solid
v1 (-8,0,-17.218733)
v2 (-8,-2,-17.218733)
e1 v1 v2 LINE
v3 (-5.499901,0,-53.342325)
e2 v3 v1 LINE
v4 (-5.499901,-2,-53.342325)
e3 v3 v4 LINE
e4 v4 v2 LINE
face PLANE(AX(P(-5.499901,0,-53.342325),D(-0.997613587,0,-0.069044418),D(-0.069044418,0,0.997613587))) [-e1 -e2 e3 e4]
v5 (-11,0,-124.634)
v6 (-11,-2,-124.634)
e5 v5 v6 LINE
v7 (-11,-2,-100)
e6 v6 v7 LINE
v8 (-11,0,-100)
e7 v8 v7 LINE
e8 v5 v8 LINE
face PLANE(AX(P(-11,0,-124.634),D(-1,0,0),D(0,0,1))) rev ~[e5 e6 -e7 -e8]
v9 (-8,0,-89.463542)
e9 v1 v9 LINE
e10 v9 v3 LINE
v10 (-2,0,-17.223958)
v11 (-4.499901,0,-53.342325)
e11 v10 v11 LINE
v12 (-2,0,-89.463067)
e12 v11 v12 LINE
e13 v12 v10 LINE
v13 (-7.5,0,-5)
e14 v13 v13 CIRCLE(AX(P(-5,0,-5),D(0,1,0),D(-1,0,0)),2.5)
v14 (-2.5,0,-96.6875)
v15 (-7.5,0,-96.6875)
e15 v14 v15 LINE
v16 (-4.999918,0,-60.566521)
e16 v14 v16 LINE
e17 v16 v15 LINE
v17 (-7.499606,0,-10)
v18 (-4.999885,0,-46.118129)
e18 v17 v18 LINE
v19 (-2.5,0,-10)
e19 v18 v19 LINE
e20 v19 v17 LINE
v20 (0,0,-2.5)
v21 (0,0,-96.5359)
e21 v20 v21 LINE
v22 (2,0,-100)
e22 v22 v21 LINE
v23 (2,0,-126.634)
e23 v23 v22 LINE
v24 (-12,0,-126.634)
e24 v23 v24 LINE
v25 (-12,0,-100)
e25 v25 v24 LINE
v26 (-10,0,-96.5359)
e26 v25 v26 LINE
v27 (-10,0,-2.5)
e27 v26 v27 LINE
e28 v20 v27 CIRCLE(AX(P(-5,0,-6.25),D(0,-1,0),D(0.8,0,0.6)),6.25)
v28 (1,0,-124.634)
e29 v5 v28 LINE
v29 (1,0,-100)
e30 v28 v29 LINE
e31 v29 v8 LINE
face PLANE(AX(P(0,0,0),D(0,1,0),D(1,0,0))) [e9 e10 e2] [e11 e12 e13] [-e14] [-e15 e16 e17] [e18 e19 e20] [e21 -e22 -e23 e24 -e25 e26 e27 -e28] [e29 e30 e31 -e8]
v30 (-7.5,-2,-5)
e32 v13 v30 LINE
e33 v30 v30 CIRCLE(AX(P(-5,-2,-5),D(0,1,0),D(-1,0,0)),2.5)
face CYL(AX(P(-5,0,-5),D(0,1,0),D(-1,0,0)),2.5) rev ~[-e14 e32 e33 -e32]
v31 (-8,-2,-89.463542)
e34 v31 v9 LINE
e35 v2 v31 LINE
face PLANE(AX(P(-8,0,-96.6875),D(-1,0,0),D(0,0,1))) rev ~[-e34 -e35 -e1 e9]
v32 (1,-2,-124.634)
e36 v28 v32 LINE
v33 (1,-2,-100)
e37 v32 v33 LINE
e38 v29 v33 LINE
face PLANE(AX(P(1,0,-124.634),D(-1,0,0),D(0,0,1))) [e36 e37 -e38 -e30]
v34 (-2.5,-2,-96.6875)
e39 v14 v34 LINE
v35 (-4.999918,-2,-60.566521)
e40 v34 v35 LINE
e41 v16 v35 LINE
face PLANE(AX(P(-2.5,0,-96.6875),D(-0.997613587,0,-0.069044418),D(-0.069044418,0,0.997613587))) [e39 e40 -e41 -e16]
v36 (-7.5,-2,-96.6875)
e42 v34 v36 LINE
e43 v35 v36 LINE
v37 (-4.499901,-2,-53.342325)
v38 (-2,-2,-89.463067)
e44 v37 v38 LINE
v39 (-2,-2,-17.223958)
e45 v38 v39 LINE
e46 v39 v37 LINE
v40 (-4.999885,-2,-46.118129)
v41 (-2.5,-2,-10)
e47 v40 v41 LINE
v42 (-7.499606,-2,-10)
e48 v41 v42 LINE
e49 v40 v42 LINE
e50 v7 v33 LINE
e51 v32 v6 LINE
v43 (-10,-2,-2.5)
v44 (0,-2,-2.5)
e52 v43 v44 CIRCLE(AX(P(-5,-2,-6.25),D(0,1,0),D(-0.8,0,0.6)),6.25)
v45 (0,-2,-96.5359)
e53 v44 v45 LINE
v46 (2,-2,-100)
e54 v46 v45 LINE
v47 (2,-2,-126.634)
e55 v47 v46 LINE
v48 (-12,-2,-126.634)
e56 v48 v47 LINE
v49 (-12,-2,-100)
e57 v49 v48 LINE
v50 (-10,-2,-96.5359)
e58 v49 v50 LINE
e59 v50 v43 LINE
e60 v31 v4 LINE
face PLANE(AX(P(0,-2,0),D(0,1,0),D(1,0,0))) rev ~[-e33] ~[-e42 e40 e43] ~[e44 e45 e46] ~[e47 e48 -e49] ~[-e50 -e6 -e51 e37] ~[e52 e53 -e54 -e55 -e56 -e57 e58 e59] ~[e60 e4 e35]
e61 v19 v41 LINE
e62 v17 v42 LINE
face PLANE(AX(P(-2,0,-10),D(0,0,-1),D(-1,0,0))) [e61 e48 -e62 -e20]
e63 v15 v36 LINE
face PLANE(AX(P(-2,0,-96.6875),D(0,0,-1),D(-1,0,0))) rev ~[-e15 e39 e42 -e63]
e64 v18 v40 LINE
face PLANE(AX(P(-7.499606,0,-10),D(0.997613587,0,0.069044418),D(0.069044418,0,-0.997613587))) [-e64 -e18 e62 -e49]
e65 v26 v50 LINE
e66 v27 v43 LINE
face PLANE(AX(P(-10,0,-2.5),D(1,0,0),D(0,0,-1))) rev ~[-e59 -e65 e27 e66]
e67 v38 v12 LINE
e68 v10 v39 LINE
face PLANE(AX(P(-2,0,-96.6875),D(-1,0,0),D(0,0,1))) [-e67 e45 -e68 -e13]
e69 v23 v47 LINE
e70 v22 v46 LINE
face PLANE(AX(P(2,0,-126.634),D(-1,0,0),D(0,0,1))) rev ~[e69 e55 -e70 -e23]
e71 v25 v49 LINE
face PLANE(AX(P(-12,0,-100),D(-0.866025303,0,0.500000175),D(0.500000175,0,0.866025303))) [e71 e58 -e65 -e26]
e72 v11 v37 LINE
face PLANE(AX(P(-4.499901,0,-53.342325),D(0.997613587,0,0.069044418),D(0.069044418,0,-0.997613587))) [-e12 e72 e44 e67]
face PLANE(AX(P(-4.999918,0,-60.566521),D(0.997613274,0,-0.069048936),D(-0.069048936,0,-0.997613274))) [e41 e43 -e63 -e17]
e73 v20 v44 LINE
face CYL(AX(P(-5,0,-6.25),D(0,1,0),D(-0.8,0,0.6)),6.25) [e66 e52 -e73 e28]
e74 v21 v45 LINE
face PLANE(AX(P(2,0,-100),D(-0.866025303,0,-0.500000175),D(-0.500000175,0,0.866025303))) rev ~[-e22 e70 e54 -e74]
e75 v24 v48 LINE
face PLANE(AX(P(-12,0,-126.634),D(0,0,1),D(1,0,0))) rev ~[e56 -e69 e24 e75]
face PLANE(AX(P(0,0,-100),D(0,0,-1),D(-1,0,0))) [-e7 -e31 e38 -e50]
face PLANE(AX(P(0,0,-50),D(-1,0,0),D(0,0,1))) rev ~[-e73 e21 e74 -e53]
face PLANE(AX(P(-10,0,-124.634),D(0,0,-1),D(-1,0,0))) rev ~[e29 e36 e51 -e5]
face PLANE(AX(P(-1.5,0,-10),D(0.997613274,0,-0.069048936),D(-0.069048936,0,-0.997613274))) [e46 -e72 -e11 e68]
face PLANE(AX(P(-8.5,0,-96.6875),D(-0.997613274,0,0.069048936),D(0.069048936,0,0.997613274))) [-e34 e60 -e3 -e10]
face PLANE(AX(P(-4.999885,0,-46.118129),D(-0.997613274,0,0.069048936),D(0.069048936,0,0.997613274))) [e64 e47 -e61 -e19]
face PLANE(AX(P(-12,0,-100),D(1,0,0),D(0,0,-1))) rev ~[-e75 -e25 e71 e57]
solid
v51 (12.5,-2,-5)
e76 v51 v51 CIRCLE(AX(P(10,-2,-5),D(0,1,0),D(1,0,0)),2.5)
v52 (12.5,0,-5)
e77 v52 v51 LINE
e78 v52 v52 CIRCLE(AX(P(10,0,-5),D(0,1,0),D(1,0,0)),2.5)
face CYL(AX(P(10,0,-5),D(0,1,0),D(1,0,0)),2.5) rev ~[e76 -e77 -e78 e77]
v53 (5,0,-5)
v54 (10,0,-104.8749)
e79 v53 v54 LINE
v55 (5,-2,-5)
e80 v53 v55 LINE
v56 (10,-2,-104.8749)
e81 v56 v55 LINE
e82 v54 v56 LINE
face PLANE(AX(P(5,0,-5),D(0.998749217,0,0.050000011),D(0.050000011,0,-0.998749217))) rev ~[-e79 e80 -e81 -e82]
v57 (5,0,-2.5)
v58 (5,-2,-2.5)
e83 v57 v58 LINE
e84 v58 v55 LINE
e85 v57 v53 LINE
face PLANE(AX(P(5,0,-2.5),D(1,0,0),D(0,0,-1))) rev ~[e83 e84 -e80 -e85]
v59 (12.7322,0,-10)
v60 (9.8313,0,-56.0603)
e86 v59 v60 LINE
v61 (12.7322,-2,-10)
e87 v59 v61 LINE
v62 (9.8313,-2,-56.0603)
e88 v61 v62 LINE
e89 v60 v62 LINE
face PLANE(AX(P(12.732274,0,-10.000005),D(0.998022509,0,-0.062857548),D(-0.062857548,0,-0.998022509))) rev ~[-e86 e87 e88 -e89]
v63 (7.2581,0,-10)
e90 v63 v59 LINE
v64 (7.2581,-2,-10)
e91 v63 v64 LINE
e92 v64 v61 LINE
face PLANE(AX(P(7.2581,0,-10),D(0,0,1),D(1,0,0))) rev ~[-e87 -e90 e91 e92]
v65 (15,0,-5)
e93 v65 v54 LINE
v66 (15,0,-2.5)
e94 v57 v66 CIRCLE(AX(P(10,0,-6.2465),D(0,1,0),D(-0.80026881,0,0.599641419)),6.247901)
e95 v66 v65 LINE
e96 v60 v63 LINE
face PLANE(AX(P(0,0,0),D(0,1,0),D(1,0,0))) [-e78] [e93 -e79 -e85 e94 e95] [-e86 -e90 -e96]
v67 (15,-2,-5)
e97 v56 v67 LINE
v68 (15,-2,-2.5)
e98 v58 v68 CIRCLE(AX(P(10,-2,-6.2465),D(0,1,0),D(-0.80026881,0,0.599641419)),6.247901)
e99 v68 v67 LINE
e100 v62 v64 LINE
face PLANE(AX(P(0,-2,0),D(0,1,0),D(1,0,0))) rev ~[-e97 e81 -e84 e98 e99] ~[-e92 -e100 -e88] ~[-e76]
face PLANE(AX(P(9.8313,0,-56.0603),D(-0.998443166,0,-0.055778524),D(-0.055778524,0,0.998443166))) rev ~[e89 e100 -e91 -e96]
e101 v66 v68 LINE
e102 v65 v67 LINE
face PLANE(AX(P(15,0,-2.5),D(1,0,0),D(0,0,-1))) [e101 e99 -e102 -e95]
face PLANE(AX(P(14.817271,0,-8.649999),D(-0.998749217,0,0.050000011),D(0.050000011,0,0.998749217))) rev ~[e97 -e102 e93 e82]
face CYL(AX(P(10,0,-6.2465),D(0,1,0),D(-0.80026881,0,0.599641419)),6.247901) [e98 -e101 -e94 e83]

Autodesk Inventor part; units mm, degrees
ref_plane "YZ Plane" through (0, 0, 0) normal (1, 0, 0) x (0, 1, 0)
ref_plane "XZ Plane" through (0, 0, 0) normal (0, 1, 0) x (-1, 0, 0)
ref_plane "XY Plane" through (0, 0, 0) normal (0, 0, 1) x (1, 0, 0)
sketch "Szkic3" plane through (0, 0, 0) normal (0, 1, 0) x (-1, 0, 0)
  line L0 (0, 0) -> (10, 0)
  line L1 (10, 0) -> (10, -50)
  line L2 (10, -50) -> (0, -50)
  line L3 (0, -50) -> (0, 0)
  circle A0 centre (5, -5) radius 2.5
  arc A1 (10, -2.5) -> (0, -2.5) centre (5, -6.25) ccw
  line L4 (8, -50) -> (2, -50)
  line L5 (2, -50) -> (2, -10)
  line L6 (2, -10) -> (8, -10)
  line L7 (8, -10) -> (8, -50)
  line L8 (2, -10) -> (8, -16)
  line L9 (2, -10) -> (10.4853, -10) construction
  line L10 (8, -16) -> (8, -18)
  line L11 (8, -18) -> (2, -12)
  line L12 (2, -10) -> (2, -12)
  line L13 (8, -18) -> (8, -22)
  line L14 (2, -16) -> (8, -22)
  line L15 (8, -24) -> (2, -18)
  line L16 (8, -16) -> (8, -14)
  line L17 (8, -24) -> (8, -26)
  line L18 (2, -20) -> (8, -26)
  line L19 (8, -28) -> (2, -22)
  line L20 (8, -28) -> (8, -32)
  line L21 (2, -26) -> (8, -32)
  line L22 (8, -34) -> (2, -28)
  line L23 (8, -34) -> (8, -36)
  line L24 (2, -26) -> (8, -32)
  line L25 (8, -34) -> (2, -28)
  line L26 (8, -34) -> (8, -38)
  line L27 (2, -32) -> (8, -38)
  line L28 (8, -40) -> (2, -34)
  line L29 (8, -40) -> (8, -42)
  line L30 (2, -32) -> (8, -38)
  line L31 (8, -40) -> (2, -34)
  line L32 (8, -40) -> (8, -44)
  line L33 (2, -38) -> (8, -44)
  line L34 (8, -46) -> (2, -40)
  line L35 (8, -46) -> (8, -48)
  line L36 (2, -38) -> (8, -44)
  line L37 (8, -46) -> (2, -40)
  line L38 (8, -46) -> (8, -50)
  line L39 (8, -46) -> (8, -48)
  line L40 (8, -48) -> (2, -42)
  line L41 (2, -42) -> (2, -44)
  line L42 (2, -44) -> (8, -50)
  line L43 (7, -49) -> (2, -49)
  circle A2 centre (5, -5) radius 3.25
  dimension "d9" = 10
  dimension "d10" = 50
  dimension "d11" = 5
  dimension "d12" = 6
  dimension "d13" = 40
  dimension "d14" = 45
  dimension "d15" = 2
  dimension "d16" = 4
  dimension "d17" = 2
  dimension "d18" = 2
  dimension "d19" = 2
  dimension "d20" = 2
  dimension "d21" = 4
  dimension "d22" = 2
  dimension "d23" = 2
  dimension "d24" = 2
  dimension "d25" = 4
  dimension "d26" = 2
  dimension "d27" = 2
  dimension "d28" = 2
  dimension "d29" = 4
  dimension "d30" = 2
  dimension "d32" = 2
  dimension "d36" = 2
  dimension "d37" = 2
  dimension "d42" = 6.5
extrude "Wyciągnięcie proste2" add sketch "Szkic3" against normal blind 2 contours A1 L1 L2 L7 L6 L5 L3 | L5 L43 L42 L2 | L42 L5 L40 L7 | L34 L5 L33 L7 | L28 L5 L27 L7 | L5 L21 L7 L22 | L5 L18 L7 L19 | L5 L14 L7 L15 | L5 L8 L7 L11 | A2
ref_plane "Płaszczyzna konstrukcyjna1" through (0, 0, -50) normal (0, 0, -1) x (-1, 0, 0)
mirror "Odbij1" about plane through (0, 0, -50) normal (0, 0, -1) of "Wyciągnięcie proste2"
sketch "Szkic4" plane through (0, 0, 0) normal (0, 1, 0) x (1, 0, 0)
  line L0 (-7.5, 91.0504) -> (-2.5, 91.0504)
  line L1 (-2.5, 91.0504) -> (-2.5, 98.6571)
  line L2 (-2.5, 98.6571) -> (-7.5, 98.6571)
  line L3 (-7.5, 98.6571) -> (-7.5, 91.0504)
  point P0 (0, 0)
extrude "Wyciągnięcie proste3" cut sketch "Szkic4" against normal blind 2
sketch "Szkic5" plane through (0, 0, 0) normal (0, 1, 0) x (1, 0, 0)
  line L0 (-10, 2.5) -> (-10, 97.5) projected
  line L1 (-10, 97.5) -> (-10, 67.5)
  line L2 (-10, 67.5) -> (-13, 67.5)
  line L3 (-13, 67.5) -> (-13, 97.5)
  line L4 (-13, 97.5) -> (-10, 97.5)
  arc A0 (0, 97.5) -> (-10, 97.5) centre (-5, 93.75) ccw projected
  line L5 (-5, 100) -> (-5, 49.8742)
  line L6 (-5, 100) -> (45.1258, 100) construction
  line L7 (-13, 67.5) -> (-10, 62.3038)
  line L8 (-13, 67.5) -> (-7, 67.5) construction
  line L9 (-10, 62.3038) -> (-10, 67.5)
  line L10 (0, 2.5) -> (0, 97.5)
  line L11 (0, 67.5) -> (3, 67.5)
  line L12 (3, 67.5) -> (3, 97.5)
  line L13 (3, 97.5) -> (0, 97.5)
  line L14 (3, 67.5) -> (0, 62.3038)
  arc A1 (3, 97.5) -> (-13, 97.5) centre (-5, 94.4495) ccw
  point P0 (0, 0)
  dimension "d43" = 30
  dimension "d44" = 3
  dimension "d45" = 90
  dimension "d46" = 60
extrude "Wyciągnięcie proste4" add sketch "Szkic5" against normal blind 2
sketch "Szkic6" plane through (0, 0, 0) normal (0, 1, 0) x (1, 0, 0)
  line L0 (-10, 62.3038) -> (-10, 2.5) projected
  line L1 (-10, 62.3038) -> (-10, 97.356)
  line L2 (-10, 97.356) -> (0, 97.356)
  line L3 (0, 97.356) -> (0, 62.3038)
  line L4 (0, 62.3038) -> (-10, 62.3038)
  point P0 (0, 0)
extrude "Wyciągnięcie proste5" cut sketch "Szkic6" against normal blind 2
sketch "Szkic7" plane through (0, 0, 0) normal (0, 1, 0) x (1, 0, 0)
  line L0 (-10, 62.3038) -> (-8, 62.3038) projected
  line L1 (-10, 62.3038) -> (-10, 67.4287)
  line L2 (-10, 62.3038) -> (-10, 97.356) projected
  line L3 (-10, 67.4287) -> (0, 67.4287)
  line L4 (0, 62.3038) -> (0, 97.356) projected
  line L5 (0, 62.3038) -> (0, 67.4287)
  line L6 (0, 62.3038) -> (-2, 62.3038) projected
  line L7 (-10, 2.5) -> (-10, 62.3038) projected
  line L8 (0, 62.3038) -> (-10, 62.3038)
  line L9 (-10, 62.3038) -> (-10, 61.2351)
  line L10 (-10, 61.2351) -> (0, 61.2351)
  line L11 (0, 61.2351) -> (0, 62.3038)
  line L12 (-10, 61.2351) -> (0, 61.2351)
  line L13 (0, 2.5) -> (0, 62.3038) projected
  line L14 (0, 61.2351) -> (0, 67.4287)
  line L15 (0, 67.4287) -> (-10, 67.4287)
  line L16 (-10, 61.2351) -> (-10, 67.4287)
  point P0 (0, 0)
extrude "Wyciągnięcie proste6" add sketch "Szkic7" against normal blind 2
sketch "Szkic8" plane through (0, 0, 0) normal (0, 1, 0) x (1, 0, 0)
  line L0 (-7.5, 97.356) -> (-10, 97.356) projected
  line L1 (-10, 97.356) -> (-11, 97.356)
  line L2 (-11, 97.356) -> (-11, 67.4287)
  line L3 (-11, 67.4287) -> (-10, 67.4287)
  line L4 (-10, 67.4287) -> (-10, 97.356)
  line L5 (0, 97.356) -> (1, 97.356)
  line L6 (1, 97.356) -> (1, 67.4287)
  line L7 (1, 67.4287) -> (0, 67.4287)
  line L8 (0, 67.4287) -> (0, 97.356)
  line L9 (-11, 67.4287) -> (1, 67.4287)
  line L10 (1, 67.4287) -> (1, 72.7222)
  line L11 (1, 72.7222) -> (-11, 72.7222)
  line L12 (-11, 72.7222) -> (-11, 67.4287)
  point P0 (0, 0)
  point P1 (0, 72.7222)
  point P2 (-10, 72.7222)
  dimension "d53" = 1
  dimension "d54" = 1
extrude "Wyciągnięcie proste7" cut sketch "Szkic8" against normal blind 2 contours L4 L11 L2 L1 | L8 L5 L6 L11
sketch "Szkic9" plane through (0, 0, 0) normal (0, 1, 0) x (1, 0, 0)
  line L0 (-10, 72.7222) -> (0, 72.7222)
  line L1 (0, 72.7222) -> (0, 67.3617)
  line L2 (0, 67.3617) -> (-10, 67.3617)
  line L3 (-10, 67.3617) -> (-10, 72.7222)
  point P0 (0, 0)
extrude "Wyciągnięcie proste8" add sketch "Szkic9" against normal blind 2
sketch "Szkic10" plane through (0, 0, 0) normal (0, 1, 0) x (1, 0, 0)
  point P0 (0, 0)
split "Podział1" plane through (0, 0, -50) removes the side toward (0, 0, -1)
sketch "Szkic11" plane through (0, 0, 0) normal (0, 1, 0) x (1, 0, 0)
  line L0 (-10, 2.5) -> (-10, 50) projected
  line L1 (-10, 50) -> (0, 50)
  line L2 (0, 50) -> (0, 100)
  line L3 (0, 100) -> (-10, 100)
  line L4 (-10, 100) -> (-10, 50)
  line L5 (-10, 100) -> (0, 100)
  line L6 (0, 100) -> (0, 124.634)
  line L7 (0, 124.634) -> (-10, 124.634)
  line L8 (-10, 124.634) -> (-10, 100)
  line L9 (-10, 124.634) -> (-11, 124.634)
  line L10 (-11, 124.634) -> (-11, 100)
  line L11 (-11, 100) -> (-10, 100)
  line L12 (-10, 100) -> (-10, 124.634)
  line L13 (0, 124.634) -> (1, 124.634)
  line L14 (1, 124.634) -> (1, 100)
  line L15 (1, 100) -> (0, 100)
  line L16 (0, 100) -> (0, 124.634)
  line L17 (-11, 100) -> (-9, 100) construction
  line L18 (1, 100) -> (3, 100) construction
  line L19 (-11, 124.634) -> (1, 124.634)
  line L20 (1, 124.634) -> (1, 126.634)
  line L21 (1, 126.634) -> (-11, 126.634)
  line L22 (-11, 126.634) -> (-11, 124.634)
  line L23 (-11, 100) -> (-12, 100)
  line L24 (-12, 100) -> (-12, 126.634)
  line L25 (-12, 126.634) -> (-11, 126.634)
  line L26 (-11, 126.634) -> (-11, 100)
  line L27 (1, 126.634) -> (2, 126.634)
  line L28 (2, 126.634) -> (2, 100)
  line L29 (2, 100) -> (1, 100)
  line L30 (1, 100) -> (1, 126.634)
  line L31 (-12, 100) -> (-10, 96.5359)
  line L32 (-12, 100) -> (-8, 100) construction
  line L33 (2, 100) -> (0, 96.5359)
  line L34 (2, 100) -> (6, 100) construction
  line L35 (-10, 124.634) -> (-10.5, 124.634)
  line L36 (-10.5, 124.634) -> (-10.5, 100)
  line L37 (0.5, 100) -> (0.5, 124.634)
  line L38 (0.75, 100) -> (0.75, 124.634)
  line L39 (-11, 100) -> (-10.75, 100)
  line L40 (-10.75, 100) -> (-10.75, 124.634)
  point P0 (0, 0)
  dimension "d59" = 10
  dimension "d60" = 50
  dimension "d61" = 10
  dimension "d62" = 24.634
  dimension "d63" = 1
  dimension "d64" = 1
  dimension "d67" = 2
  dimension "d68" = 1
  dimension "d69" = 1
  dimension "d70" = 60
  dimension "d71" = 120
  dimension "d90" = 0.5
  dimension "d107" = 0.25
extrude "Wyciągnięcie proste9" add sketch "Szkic11" against normal blind 2 contours L4 L3 L2 L1 | L31 L23 L11 L4 | L2 L15 L29 L33 | L24 L25 L22 L10 L23 | L29 L14 L20 L27 L28 | L9 L22 L21 L20 L13 L7
sketch "Szkic12" plane through (0, 0, 0) normal (0, 1, 0) x (1, 0, 0)
  line L0 (-8, 51.0298) -> (-2, 51.0298)
  line L1 (-2, 51.0298) -> (-2, 96.6875)
  line L2 (-2, 96.6875) -> (-8, 96.6875)
  line L3 (-8, 96.6875) -> (-8, 51.0298)
  line L4 (-8, 51.0298) -> (-2, 54.4939)
  line L5 (-8, 51.0298) -> (-1.0718, 51.0298) construction
  line L6 (-2, 54.4939) -> (-2, 59.4939)
  line L7 (-2, 59.4939) -> (-8, 56.0298)
  line L8 (-8, 51.0298) -> (-8, 56.0298)
  line L9 (-8, 56.0298) -> (-8, 61.0298)
  line L10 (-8, 61.0298) -> (-2, 64.4939)
  line L11 (-2, 64.4939) -> (-2, 69.4939)
  line L12 (-2, 69.4939) -> (-8, 66.0298)
  line L13 (-8, 61.0298) -> (-8, 66.0298)
  line L14 (-8, 66.0298) -> (-2, 69.4939)
  line L15 (-2, 74.4939) -> (-8, 71.0298)
  line L16 (-8, 76.0298) -> (-2, 79.4939)
  line L17 (-2, 84.4939) -> (-8, 81.0298)
  line L18 (-8, 71.0298) -> (-2, 74.4939)
  line L19 (-2, 79.4939) -> (-8, 76.0298)
  line L20 (-8, 81.0298) -> (-2, 84.4939)
  line L21 (-2, 89.4939) -> (-8, 86.0298)
  line L22 (-8, 76.0298) -> (-2, 79.4939)
  line L23 (-2, 84.4939) -> (-8, 81.0298)
  line L24 (-8, 86.0298) -> (-2, 89.4939)
  line L25 (-2, 94.4939) -> (-8, 91.0298)
  point P0 (0, 0)
  dimension "d74" = 30
  dimension "d75" = 5
  dimension "d76" = 5
  dimension "d77" = 5
  dimension "d78" = 5
  dimension "d79" = 5
  dimension "d80" = 5
  dimension "d81" = 5
  dimension "d82" = 5
  dimension "d83" = 5
  dimension "d84" = 5
  dimension "d85" = 5
  dimension "d86" = 5
extrude "Wyciągnięcie proste10" cut sketch "Szkic12" against normal blind 2 contours L3 L7 L1 L4 | L3 L12 L1 L10 | L3 L16 L1 L15 | L3 L21 L1 L17 | L3 L2 L1 L25
sketch "Szkic14" plane through (0, 0, 0) normal (0, 1, 0) x (1, 0, 0)
  arc A0 (5, 2.5) -> (15, 2.5) centre (10, 6.2465) ccw
  circle A1 centre (10, 5) radius 2.5
  line L0 (5, 2.5) -> (5, 5)
  line L1 (15, 2.5) -> (15, 5)
  line L2 (5, 5) -> (10, 104.8749)
  line L3 (10, 104.8749) -> (15, 5)
  line L4 (5.1827, 8.65) -> (14.8173, 8.65)
  line L5 (6.9979, 8.65) -> (12.6647, 8.65) construction
  line L6 (5.1827, 8.65) -> (7.1827, 8.65)
  line L7 (14.8173, 8.65) -> (12.8173, 8.65)
  line L8 (12.8173, 8.65) -> (9.8313, 56.0603)
  line L9 (9.8313, 56.0603) -> (7.1827, 8.65)
  line L10 (7.2581, 10) -> (12.7322, 10)
  point P0 (0, 0)
  dimension "d91" = 10
  dimension "d92" = 5
  dimension "d93" = 100
  dimension "d103" = 2
  dimension "d104" = 2
extrude "Wyciągnięcie proste11" add sketch "Szkic14" against normal blind 2 contours L0 L2 L4 L3 L1 A0 | L2 L3 L4 L8 L9 | L9 L10 L8 L4
sketch "Szkic15" plane through (0, 0, 0) normal (0, 1, 0) x (1, 0, 0)
  line L0 (-8, 91.0298) -> (-8, 96.6875) projected
  line L1 (-2, 10) -> (-8, 10) projected
  line L2 (-8, 96.6875) -> (-2, 96.6875)
  line L3 (-2, 96.6875) -> (-2, 10)
  line L4 (-2, 10) -> (-8, 10)
  line L5 (-8, 10) -> (-8, 96.6875)
  point P0 (0, 0)
extrude "Wyciągnięcie proste12" cut sketch "Szkic15" against normal blind 2
sketch "Szkic17" plane through (0, 0, 0) normal (0, 1, 0) x (1, 0, 0)
  line L0 (-2, 96.6875) -> (-8, 96.6875) projected
  line L1 (-8, 96.6875) -> (-8.5, 96.6875)
  line L2 (-8.5, 96.6875) -> (-7.5, 96.6875)
  line L3 (-2, 96.6875) -> (-2.5, 96.6875)
  line L4 (-2.5, 96.6875) -> (-1.5, 96.6875)
  line L5 (-8, 9.9943) -> (-8.5, 9.9943)
  line L6 (-8.5, 9.9943) -> (-7.5, 9.9943)
  line L7 (-2, 10) -> (-8, 10) projected
  line L8 (-2, 10) -> (-1.5, 10)
  line L9 (-1.5, 10) -> (-2.5, 10)
  line L10 (-1.5, 10) -> (-7.5, 96.6875)
  line L11 (-8.5, 96.6875) -> (-2.5, 10)
  line L12 (-7.5, 9.9943) -> (-1.5, 96.6875)
  line L13 (-2.5, 96.6875) -> (-8.5, 9.9943)
  point P0 (0, 0)
  point P1 (-4.9999, 60.5665)
  point P2 (-5.4999, 53.3423)
  point P3 (-4.9999, 46.1181)
  point P4 (-4.4999, 53.3423)
  dimension "d121" = 0.5
  dimension "d122" = 1
  dimension "d123" = 0.5
  dimension "d124" = 1
  dimension "d125" = 0.5
  dimension "d126" = 1
  dimension "d127" = 0.5
  dimension "d128" = 1
extrude "Wyciągnięcie proste14" add sketch "Szkic17" against normal blind 2 contours L4 L12 L10 L13 L0 | L10 L13 L11 L1 L0 | L10 L12 L11 L13 | L10 L8 L7 L11 L12 | L11 L12 L6 L5 L13
ref_plane "Płaszczyzna konstrukcyjna5" through (3.75, 0, -2.5) normal (-1, 0, 0) x (0, -1, 0)
ref_plane "Płaszczyzna konstrukcyjna4" through (0, 0, -2.5) normal (-1, 0, 0) x (0, -1, 0)
properties part number "arm_v1(backup)"
